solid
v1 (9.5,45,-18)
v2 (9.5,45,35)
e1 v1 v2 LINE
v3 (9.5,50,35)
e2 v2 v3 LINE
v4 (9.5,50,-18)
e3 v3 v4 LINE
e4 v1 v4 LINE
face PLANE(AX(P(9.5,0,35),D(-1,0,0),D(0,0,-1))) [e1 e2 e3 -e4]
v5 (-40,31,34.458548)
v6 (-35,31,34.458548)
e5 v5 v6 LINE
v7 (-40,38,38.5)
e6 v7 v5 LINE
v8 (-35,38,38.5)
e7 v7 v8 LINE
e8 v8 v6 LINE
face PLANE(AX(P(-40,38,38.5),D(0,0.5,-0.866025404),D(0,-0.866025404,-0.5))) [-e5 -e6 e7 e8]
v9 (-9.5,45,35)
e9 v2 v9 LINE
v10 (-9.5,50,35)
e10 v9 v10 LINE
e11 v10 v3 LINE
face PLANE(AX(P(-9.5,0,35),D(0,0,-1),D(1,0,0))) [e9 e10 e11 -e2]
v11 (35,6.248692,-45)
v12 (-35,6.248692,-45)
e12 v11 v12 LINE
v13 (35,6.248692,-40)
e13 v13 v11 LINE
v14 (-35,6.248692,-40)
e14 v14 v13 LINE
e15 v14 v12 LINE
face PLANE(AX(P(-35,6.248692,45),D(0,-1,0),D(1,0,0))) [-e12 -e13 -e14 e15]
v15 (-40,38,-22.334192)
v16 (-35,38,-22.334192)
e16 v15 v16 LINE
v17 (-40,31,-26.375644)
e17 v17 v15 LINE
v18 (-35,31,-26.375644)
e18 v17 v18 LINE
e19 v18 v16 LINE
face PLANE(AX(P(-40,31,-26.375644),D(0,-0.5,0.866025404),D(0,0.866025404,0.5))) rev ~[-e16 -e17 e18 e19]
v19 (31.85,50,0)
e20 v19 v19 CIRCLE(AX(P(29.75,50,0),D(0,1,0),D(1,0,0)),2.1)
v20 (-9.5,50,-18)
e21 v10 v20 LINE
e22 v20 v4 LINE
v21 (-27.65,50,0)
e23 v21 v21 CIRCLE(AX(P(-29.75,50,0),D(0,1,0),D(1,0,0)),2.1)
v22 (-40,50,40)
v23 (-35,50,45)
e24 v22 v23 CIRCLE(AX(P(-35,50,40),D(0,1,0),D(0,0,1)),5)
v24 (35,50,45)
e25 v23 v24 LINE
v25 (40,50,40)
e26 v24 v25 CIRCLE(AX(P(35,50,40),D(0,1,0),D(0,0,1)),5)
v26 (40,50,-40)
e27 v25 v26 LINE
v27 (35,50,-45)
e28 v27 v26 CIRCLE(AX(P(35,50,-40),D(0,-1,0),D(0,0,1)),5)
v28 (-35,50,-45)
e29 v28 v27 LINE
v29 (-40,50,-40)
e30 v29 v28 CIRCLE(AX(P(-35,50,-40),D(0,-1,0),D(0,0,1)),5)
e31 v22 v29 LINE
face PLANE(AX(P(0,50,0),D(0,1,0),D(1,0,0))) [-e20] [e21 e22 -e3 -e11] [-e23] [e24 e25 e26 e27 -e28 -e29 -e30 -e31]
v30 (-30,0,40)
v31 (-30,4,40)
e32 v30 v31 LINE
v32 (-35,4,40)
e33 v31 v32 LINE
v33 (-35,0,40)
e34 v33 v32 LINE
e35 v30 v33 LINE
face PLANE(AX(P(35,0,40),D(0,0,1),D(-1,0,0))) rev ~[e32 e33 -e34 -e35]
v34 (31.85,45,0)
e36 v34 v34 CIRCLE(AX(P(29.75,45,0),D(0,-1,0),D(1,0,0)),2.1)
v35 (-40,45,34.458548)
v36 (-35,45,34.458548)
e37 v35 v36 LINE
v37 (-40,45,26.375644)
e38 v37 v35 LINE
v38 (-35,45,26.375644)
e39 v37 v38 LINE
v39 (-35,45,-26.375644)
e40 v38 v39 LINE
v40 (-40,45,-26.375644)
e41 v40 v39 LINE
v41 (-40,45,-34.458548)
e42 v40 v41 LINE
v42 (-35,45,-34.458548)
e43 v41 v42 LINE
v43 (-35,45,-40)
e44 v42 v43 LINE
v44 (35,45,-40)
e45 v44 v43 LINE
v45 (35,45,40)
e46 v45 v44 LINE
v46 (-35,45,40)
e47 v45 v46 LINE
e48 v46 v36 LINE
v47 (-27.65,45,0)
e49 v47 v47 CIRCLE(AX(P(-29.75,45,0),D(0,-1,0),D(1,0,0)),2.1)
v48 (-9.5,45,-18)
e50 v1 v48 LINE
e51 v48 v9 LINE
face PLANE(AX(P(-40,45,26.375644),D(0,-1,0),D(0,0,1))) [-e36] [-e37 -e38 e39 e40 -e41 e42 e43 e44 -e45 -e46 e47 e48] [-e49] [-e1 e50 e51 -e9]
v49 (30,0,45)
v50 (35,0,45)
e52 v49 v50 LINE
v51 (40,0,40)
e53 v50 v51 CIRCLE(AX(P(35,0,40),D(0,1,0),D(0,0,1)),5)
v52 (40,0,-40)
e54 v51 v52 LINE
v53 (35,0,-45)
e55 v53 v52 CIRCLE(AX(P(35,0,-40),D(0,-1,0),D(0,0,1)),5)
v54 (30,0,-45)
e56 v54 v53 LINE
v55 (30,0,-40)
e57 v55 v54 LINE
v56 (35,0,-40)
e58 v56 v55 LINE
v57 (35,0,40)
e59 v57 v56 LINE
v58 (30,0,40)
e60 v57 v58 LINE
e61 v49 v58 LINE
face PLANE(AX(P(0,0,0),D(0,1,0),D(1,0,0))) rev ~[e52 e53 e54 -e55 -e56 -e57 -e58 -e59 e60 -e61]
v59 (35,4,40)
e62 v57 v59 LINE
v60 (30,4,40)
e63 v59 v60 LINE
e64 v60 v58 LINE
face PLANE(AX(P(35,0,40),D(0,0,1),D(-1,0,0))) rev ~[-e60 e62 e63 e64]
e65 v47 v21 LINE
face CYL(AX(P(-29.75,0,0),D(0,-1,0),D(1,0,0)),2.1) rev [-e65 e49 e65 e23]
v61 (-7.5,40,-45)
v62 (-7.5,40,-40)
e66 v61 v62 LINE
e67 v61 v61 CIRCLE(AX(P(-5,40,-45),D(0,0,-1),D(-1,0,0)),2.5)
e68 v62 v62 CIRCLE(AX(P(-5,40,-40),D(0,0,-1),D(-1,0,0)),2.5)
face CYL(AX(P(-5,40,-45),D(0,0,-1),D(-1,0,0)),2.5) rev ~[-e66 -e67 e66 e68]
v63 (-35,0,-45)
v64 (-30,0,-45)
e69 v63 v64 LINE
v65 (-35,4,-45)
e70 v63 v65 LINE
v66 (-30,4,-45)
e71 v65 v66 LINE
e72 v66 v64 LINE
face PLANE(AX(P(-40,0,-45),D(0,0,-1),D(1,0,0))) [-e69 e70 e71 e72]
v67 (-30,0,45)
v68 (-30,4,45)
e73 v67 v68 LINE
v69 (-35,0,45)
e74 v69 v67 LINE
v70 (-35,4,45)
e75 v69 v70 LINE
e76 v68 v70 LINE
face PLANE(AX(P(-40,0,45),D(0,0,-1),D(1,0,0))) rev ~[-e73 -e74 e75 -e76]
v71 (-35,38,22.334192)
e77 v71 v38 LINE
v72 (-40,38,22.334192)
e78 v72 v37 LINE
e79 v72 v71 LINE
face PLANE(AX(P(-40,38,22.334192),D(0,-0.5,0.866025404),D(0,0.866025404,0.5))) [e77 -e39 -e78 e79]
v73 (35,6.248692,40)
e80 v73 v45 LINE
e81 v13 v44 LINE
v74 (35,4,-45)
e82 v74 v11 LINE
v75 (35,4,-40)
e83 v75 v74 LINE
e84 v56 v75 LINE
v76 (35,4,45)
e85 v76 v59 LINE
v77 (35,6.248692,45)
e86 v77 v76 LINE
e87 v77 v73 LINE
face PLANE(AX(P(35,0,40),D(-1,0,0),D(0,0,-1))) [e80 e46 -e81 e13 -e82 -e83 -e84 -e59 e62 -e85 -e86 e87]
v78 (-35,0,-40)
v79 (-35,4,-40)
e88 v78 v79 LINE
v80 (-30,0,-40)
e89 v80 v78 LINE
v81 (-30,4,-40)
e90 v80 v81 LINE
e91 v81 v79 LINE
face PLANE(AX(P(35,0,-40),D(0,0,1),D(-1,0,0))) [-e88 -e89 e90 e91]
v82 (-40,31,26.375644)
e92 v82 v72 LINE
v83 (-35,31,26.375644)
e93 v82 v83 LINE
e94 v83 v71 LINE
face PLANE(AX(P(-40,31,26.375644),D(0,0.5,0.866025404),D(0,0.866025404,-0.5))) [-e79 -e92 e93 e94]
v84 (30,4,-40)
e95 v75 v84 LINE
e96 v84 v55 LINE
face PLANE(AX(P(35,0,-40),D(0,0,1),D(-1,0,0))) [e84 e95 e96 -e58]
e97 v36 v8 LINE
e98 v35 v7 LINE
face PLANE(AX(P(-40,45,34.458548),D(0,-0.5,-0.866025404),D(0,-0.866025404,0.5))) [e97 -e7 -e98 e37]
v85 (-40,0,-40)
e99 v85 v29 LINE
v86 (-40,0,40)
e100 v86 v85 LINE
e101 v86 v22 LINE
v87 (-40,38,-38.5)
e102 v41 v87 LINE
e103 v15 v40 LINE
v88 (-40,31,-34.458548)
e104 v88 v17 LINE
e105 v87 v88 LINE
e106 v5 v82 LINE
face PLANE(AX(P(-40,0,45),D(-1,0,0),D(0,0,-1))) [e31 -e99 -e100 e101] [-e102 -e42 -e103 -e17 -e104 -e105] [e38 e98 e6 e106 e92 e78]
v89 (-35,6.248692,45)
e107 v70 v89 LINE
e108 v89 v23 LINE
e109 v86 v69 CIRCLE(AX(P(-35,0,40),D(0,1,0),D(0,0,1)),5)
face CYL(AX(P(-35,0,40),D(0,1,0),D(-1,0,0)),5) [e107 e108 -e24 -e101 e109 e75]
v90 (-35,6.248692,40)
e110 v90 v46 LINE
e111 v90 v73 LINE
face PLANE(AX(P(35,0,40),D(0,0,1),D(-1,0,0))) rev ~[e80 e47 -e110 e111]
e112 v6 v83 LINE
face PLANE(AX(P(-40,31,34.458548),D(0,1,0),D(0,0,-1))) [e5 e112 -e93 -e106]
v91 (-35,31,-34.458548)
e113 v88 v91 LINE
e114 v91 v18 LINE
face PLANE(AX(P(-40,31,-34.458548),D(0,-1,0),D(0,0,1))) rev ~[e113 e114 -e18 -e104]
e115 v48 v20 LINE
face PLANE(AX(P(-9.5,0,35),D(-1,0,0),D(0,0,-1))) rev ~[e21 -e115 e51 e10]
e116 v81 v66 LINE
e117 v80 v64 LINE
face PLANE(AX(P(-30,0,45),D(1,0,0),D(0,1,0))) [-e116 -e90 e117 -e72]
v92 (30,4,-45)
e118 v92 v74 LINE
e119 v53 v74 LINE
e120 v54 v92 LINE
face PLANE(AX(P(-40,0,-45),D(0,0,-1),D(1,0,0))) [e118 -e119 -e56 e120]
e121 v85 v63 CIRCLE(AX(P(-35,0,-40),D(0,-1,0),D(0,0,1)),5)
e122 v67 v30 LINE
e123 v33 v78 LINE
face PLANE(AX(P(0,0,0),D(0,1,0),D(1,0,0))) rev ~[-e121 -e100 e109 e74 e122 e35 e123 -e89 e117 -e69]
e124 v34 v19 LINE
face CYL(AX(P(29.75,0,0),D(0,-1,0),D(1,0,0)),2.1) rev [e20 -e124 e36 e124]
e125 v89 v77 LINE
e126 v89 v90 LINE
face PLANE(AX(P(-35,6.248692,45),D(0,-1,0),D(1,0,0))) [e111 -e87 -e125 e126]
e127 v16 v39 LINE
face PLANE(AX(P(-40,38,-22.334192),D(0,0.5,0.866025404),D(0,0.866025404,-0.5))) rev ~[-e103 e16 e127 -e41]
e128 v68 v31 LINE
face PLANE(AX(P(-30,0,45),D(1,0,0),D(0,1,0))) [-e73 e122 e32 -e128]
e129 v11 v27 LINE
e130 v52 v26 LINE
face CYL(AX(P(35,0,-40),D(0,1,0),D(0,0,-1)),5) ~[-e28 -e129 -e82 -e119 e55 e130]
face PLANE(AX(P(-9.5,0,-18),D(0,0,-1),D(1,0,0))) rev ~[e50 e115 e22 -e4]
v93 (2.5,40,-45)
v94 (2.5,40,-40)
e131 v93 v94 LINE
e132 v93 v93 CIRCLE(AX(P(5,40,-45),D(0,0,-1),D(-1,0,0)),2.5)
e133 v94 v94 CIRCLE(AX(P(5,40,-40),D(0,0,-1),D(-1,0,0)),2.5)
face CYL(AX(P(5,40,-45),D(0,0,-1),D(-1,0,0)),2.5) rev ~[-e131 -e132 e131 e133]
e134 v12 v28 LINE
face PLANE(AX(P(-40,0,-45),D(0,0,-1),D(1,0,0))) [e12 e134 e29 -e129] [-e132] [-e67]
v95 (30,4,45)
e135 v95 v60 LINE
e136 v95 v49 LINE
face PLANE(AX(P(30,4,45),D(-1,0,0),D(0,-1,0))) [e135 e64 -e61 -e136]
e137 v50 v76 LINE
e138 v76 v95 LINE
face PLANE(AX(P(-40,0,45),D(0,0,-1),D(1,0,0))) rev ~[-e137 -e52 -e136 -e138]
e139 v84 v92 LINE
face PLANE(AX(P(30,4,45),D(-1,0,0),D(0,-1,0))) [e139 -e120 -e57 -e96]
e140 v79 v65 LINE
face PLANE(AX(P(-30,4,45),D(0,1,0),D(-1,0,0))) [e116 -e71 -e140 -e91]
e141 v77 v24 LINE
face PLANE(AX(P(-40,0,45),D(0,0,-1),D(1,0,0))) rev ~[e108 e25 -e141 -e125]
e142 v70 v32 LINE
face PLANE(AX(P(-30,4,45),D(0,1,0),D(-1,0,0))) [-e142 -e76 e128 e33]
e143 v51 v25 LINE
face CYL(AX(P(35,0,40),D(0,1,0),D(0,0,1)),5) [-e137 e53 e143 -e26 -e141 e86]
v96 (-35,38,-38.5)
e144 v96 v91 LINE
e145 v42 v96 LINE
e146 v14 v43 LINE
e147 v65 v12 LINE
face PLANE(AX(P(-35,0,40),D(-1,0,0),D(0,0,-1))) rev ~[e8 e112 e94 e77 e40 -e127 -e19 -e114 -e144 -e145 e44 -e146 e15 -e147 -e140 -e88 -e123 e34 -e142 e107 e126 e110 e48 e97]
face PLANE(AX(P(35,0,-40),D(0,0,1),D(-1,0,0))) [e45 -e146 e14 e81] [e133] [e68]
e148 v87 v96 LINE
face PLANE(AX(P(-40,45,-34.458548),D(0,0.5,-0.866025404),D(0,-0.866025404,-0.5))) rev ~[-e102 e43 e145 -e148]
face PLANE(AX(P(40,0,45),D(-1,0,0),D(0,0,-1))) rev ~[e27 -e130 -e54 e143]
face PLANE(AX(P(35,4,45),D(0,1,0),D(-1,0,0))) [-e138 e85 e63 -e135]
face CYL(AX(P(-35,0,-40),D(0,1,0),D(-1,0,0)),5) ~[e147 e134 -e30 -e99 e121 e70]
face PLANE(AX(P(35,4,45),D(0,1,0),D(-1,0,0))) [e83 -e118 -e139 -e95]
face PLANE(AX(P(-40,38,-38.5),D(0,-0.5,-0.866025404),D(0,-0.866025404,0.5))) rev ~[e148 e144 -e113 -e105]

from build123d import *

# Parameters (mm, degrees)
SKETCH1_W           = 80
SKETCH1_H           = 90
SKETCH1_R           = 2.1
SKETCH1_W_2         = 19
SKETCH1_H_2         = 53
BOSS_EXTRUDE3_DEPTH = 50
SKETCH5_W           = 70
SKETCH5_H           = 80
CUT_EXTRUDE2_DEPTH  = 45
SKETCH6_R           = 2.5
CUT_EXTRUDE5_DEPTH  = 10.25
CUT_EXTRUDE6_DEPTH  = 10.25
FILLET2_R           = 5
CUT_EXTRUDE9_DEPTH  = 1000


with BuildPart() as part:
    # Sketch1 → Boss-Extrude3 (new body)
    with BuildSketch(Plane(origin=(0, 0, 0), x_dir=(1, 0, 0), z_dir=(0, 1, 0))):
        Rectangle(SKETCH1_W, SKETCH1_H)
        with Locations((29.75, 0)):
            Circle(SKETCH1_R, mode=Mode.SUBTRACT)
        with Locations((-29.75, 0)):
            Circle(SKETCH1_R, mode=Mode.SUBTRACT)
        with Locations((0, -8.5)):
            Rectangle(SKETCH1_W_2, SKETCH1_H_2, mode=Mode.SUBTRACT)
    extrude(amount=BOSS_EXTRUDE3_DEPTH)

    # Sketch5 → Cut-Extrude2 (cut)
    with BuildSketch(Plane(origin=(0, 0, 0), x_dir=(-1, 0, 0), z_dir=(0, -1, 0))):
        Rectangle(SKETCH5_W, SKETCH5_H)
    extrude(amount=-CUT_EXTRUDE2_DEPTH, mode=Mode.SUBTRACT)

    # Sketch6 → Cut-Extrude5 (cut)
    with BuildSketch(Plane(origin=(0, 0, -45), x_dir=(-1, 0, 0), z_dir=(0, 0, -1))):
        with Locations((-5, 40)):
            Circle(SKETCH6_R)
        with Locations((5, 40)):
            Circle(SKETCH6_R)
    extrude(amount=-CUT_EXTRUDE5_DEPTH, mode=Mode.SUBTRACT)

    # Sketch7 → Cut-Extrude6 (cut)
    with BuildSketch(Plane.ZY.offset(40)):
        Polygon((-26.375644347, 31), (-22.334192463, 38), (-26.375644347, 45), (-34.458548116, 45), (-38.5, 38), (-34.458548116, 31), align=None)
        Polygon((34.458548116, 31), (26.375644347, 31), (22.334192463, 38), (26.375644347, 45), (34.458548116, 45), (38.5, 38), align=None)
    extrude(amount=-CUT_EXTRUDE6_DEPTH, mode=Mode.SUBTRACT)

    # Fillet2
    fillet2_edges = [part.edges().sort_by_distance(p)[0] for p in [
        (40, 25, 45),
        (-40, 25, 45),
        (-40, 25, -45),
        (40, 25, -45),
    ]]
    fillet(fillet2_edges, radius=FILLET2_R)

    # Sketch8 → Cut-Extrude9 (cut)
    with BuildSketch(Plane.XY.offset(45)):
        Polygon((-35, 6.24869217), (35, 6.24869217), (35, 4), (30, 4), (30, 0), (-30, 0), (-30, 4), (-35, 4), align=None)
    extrude(amount=-CUT_EXTRUDE9_DEPTH, mode=Mode.SUBTRACT)


solid = part.part
